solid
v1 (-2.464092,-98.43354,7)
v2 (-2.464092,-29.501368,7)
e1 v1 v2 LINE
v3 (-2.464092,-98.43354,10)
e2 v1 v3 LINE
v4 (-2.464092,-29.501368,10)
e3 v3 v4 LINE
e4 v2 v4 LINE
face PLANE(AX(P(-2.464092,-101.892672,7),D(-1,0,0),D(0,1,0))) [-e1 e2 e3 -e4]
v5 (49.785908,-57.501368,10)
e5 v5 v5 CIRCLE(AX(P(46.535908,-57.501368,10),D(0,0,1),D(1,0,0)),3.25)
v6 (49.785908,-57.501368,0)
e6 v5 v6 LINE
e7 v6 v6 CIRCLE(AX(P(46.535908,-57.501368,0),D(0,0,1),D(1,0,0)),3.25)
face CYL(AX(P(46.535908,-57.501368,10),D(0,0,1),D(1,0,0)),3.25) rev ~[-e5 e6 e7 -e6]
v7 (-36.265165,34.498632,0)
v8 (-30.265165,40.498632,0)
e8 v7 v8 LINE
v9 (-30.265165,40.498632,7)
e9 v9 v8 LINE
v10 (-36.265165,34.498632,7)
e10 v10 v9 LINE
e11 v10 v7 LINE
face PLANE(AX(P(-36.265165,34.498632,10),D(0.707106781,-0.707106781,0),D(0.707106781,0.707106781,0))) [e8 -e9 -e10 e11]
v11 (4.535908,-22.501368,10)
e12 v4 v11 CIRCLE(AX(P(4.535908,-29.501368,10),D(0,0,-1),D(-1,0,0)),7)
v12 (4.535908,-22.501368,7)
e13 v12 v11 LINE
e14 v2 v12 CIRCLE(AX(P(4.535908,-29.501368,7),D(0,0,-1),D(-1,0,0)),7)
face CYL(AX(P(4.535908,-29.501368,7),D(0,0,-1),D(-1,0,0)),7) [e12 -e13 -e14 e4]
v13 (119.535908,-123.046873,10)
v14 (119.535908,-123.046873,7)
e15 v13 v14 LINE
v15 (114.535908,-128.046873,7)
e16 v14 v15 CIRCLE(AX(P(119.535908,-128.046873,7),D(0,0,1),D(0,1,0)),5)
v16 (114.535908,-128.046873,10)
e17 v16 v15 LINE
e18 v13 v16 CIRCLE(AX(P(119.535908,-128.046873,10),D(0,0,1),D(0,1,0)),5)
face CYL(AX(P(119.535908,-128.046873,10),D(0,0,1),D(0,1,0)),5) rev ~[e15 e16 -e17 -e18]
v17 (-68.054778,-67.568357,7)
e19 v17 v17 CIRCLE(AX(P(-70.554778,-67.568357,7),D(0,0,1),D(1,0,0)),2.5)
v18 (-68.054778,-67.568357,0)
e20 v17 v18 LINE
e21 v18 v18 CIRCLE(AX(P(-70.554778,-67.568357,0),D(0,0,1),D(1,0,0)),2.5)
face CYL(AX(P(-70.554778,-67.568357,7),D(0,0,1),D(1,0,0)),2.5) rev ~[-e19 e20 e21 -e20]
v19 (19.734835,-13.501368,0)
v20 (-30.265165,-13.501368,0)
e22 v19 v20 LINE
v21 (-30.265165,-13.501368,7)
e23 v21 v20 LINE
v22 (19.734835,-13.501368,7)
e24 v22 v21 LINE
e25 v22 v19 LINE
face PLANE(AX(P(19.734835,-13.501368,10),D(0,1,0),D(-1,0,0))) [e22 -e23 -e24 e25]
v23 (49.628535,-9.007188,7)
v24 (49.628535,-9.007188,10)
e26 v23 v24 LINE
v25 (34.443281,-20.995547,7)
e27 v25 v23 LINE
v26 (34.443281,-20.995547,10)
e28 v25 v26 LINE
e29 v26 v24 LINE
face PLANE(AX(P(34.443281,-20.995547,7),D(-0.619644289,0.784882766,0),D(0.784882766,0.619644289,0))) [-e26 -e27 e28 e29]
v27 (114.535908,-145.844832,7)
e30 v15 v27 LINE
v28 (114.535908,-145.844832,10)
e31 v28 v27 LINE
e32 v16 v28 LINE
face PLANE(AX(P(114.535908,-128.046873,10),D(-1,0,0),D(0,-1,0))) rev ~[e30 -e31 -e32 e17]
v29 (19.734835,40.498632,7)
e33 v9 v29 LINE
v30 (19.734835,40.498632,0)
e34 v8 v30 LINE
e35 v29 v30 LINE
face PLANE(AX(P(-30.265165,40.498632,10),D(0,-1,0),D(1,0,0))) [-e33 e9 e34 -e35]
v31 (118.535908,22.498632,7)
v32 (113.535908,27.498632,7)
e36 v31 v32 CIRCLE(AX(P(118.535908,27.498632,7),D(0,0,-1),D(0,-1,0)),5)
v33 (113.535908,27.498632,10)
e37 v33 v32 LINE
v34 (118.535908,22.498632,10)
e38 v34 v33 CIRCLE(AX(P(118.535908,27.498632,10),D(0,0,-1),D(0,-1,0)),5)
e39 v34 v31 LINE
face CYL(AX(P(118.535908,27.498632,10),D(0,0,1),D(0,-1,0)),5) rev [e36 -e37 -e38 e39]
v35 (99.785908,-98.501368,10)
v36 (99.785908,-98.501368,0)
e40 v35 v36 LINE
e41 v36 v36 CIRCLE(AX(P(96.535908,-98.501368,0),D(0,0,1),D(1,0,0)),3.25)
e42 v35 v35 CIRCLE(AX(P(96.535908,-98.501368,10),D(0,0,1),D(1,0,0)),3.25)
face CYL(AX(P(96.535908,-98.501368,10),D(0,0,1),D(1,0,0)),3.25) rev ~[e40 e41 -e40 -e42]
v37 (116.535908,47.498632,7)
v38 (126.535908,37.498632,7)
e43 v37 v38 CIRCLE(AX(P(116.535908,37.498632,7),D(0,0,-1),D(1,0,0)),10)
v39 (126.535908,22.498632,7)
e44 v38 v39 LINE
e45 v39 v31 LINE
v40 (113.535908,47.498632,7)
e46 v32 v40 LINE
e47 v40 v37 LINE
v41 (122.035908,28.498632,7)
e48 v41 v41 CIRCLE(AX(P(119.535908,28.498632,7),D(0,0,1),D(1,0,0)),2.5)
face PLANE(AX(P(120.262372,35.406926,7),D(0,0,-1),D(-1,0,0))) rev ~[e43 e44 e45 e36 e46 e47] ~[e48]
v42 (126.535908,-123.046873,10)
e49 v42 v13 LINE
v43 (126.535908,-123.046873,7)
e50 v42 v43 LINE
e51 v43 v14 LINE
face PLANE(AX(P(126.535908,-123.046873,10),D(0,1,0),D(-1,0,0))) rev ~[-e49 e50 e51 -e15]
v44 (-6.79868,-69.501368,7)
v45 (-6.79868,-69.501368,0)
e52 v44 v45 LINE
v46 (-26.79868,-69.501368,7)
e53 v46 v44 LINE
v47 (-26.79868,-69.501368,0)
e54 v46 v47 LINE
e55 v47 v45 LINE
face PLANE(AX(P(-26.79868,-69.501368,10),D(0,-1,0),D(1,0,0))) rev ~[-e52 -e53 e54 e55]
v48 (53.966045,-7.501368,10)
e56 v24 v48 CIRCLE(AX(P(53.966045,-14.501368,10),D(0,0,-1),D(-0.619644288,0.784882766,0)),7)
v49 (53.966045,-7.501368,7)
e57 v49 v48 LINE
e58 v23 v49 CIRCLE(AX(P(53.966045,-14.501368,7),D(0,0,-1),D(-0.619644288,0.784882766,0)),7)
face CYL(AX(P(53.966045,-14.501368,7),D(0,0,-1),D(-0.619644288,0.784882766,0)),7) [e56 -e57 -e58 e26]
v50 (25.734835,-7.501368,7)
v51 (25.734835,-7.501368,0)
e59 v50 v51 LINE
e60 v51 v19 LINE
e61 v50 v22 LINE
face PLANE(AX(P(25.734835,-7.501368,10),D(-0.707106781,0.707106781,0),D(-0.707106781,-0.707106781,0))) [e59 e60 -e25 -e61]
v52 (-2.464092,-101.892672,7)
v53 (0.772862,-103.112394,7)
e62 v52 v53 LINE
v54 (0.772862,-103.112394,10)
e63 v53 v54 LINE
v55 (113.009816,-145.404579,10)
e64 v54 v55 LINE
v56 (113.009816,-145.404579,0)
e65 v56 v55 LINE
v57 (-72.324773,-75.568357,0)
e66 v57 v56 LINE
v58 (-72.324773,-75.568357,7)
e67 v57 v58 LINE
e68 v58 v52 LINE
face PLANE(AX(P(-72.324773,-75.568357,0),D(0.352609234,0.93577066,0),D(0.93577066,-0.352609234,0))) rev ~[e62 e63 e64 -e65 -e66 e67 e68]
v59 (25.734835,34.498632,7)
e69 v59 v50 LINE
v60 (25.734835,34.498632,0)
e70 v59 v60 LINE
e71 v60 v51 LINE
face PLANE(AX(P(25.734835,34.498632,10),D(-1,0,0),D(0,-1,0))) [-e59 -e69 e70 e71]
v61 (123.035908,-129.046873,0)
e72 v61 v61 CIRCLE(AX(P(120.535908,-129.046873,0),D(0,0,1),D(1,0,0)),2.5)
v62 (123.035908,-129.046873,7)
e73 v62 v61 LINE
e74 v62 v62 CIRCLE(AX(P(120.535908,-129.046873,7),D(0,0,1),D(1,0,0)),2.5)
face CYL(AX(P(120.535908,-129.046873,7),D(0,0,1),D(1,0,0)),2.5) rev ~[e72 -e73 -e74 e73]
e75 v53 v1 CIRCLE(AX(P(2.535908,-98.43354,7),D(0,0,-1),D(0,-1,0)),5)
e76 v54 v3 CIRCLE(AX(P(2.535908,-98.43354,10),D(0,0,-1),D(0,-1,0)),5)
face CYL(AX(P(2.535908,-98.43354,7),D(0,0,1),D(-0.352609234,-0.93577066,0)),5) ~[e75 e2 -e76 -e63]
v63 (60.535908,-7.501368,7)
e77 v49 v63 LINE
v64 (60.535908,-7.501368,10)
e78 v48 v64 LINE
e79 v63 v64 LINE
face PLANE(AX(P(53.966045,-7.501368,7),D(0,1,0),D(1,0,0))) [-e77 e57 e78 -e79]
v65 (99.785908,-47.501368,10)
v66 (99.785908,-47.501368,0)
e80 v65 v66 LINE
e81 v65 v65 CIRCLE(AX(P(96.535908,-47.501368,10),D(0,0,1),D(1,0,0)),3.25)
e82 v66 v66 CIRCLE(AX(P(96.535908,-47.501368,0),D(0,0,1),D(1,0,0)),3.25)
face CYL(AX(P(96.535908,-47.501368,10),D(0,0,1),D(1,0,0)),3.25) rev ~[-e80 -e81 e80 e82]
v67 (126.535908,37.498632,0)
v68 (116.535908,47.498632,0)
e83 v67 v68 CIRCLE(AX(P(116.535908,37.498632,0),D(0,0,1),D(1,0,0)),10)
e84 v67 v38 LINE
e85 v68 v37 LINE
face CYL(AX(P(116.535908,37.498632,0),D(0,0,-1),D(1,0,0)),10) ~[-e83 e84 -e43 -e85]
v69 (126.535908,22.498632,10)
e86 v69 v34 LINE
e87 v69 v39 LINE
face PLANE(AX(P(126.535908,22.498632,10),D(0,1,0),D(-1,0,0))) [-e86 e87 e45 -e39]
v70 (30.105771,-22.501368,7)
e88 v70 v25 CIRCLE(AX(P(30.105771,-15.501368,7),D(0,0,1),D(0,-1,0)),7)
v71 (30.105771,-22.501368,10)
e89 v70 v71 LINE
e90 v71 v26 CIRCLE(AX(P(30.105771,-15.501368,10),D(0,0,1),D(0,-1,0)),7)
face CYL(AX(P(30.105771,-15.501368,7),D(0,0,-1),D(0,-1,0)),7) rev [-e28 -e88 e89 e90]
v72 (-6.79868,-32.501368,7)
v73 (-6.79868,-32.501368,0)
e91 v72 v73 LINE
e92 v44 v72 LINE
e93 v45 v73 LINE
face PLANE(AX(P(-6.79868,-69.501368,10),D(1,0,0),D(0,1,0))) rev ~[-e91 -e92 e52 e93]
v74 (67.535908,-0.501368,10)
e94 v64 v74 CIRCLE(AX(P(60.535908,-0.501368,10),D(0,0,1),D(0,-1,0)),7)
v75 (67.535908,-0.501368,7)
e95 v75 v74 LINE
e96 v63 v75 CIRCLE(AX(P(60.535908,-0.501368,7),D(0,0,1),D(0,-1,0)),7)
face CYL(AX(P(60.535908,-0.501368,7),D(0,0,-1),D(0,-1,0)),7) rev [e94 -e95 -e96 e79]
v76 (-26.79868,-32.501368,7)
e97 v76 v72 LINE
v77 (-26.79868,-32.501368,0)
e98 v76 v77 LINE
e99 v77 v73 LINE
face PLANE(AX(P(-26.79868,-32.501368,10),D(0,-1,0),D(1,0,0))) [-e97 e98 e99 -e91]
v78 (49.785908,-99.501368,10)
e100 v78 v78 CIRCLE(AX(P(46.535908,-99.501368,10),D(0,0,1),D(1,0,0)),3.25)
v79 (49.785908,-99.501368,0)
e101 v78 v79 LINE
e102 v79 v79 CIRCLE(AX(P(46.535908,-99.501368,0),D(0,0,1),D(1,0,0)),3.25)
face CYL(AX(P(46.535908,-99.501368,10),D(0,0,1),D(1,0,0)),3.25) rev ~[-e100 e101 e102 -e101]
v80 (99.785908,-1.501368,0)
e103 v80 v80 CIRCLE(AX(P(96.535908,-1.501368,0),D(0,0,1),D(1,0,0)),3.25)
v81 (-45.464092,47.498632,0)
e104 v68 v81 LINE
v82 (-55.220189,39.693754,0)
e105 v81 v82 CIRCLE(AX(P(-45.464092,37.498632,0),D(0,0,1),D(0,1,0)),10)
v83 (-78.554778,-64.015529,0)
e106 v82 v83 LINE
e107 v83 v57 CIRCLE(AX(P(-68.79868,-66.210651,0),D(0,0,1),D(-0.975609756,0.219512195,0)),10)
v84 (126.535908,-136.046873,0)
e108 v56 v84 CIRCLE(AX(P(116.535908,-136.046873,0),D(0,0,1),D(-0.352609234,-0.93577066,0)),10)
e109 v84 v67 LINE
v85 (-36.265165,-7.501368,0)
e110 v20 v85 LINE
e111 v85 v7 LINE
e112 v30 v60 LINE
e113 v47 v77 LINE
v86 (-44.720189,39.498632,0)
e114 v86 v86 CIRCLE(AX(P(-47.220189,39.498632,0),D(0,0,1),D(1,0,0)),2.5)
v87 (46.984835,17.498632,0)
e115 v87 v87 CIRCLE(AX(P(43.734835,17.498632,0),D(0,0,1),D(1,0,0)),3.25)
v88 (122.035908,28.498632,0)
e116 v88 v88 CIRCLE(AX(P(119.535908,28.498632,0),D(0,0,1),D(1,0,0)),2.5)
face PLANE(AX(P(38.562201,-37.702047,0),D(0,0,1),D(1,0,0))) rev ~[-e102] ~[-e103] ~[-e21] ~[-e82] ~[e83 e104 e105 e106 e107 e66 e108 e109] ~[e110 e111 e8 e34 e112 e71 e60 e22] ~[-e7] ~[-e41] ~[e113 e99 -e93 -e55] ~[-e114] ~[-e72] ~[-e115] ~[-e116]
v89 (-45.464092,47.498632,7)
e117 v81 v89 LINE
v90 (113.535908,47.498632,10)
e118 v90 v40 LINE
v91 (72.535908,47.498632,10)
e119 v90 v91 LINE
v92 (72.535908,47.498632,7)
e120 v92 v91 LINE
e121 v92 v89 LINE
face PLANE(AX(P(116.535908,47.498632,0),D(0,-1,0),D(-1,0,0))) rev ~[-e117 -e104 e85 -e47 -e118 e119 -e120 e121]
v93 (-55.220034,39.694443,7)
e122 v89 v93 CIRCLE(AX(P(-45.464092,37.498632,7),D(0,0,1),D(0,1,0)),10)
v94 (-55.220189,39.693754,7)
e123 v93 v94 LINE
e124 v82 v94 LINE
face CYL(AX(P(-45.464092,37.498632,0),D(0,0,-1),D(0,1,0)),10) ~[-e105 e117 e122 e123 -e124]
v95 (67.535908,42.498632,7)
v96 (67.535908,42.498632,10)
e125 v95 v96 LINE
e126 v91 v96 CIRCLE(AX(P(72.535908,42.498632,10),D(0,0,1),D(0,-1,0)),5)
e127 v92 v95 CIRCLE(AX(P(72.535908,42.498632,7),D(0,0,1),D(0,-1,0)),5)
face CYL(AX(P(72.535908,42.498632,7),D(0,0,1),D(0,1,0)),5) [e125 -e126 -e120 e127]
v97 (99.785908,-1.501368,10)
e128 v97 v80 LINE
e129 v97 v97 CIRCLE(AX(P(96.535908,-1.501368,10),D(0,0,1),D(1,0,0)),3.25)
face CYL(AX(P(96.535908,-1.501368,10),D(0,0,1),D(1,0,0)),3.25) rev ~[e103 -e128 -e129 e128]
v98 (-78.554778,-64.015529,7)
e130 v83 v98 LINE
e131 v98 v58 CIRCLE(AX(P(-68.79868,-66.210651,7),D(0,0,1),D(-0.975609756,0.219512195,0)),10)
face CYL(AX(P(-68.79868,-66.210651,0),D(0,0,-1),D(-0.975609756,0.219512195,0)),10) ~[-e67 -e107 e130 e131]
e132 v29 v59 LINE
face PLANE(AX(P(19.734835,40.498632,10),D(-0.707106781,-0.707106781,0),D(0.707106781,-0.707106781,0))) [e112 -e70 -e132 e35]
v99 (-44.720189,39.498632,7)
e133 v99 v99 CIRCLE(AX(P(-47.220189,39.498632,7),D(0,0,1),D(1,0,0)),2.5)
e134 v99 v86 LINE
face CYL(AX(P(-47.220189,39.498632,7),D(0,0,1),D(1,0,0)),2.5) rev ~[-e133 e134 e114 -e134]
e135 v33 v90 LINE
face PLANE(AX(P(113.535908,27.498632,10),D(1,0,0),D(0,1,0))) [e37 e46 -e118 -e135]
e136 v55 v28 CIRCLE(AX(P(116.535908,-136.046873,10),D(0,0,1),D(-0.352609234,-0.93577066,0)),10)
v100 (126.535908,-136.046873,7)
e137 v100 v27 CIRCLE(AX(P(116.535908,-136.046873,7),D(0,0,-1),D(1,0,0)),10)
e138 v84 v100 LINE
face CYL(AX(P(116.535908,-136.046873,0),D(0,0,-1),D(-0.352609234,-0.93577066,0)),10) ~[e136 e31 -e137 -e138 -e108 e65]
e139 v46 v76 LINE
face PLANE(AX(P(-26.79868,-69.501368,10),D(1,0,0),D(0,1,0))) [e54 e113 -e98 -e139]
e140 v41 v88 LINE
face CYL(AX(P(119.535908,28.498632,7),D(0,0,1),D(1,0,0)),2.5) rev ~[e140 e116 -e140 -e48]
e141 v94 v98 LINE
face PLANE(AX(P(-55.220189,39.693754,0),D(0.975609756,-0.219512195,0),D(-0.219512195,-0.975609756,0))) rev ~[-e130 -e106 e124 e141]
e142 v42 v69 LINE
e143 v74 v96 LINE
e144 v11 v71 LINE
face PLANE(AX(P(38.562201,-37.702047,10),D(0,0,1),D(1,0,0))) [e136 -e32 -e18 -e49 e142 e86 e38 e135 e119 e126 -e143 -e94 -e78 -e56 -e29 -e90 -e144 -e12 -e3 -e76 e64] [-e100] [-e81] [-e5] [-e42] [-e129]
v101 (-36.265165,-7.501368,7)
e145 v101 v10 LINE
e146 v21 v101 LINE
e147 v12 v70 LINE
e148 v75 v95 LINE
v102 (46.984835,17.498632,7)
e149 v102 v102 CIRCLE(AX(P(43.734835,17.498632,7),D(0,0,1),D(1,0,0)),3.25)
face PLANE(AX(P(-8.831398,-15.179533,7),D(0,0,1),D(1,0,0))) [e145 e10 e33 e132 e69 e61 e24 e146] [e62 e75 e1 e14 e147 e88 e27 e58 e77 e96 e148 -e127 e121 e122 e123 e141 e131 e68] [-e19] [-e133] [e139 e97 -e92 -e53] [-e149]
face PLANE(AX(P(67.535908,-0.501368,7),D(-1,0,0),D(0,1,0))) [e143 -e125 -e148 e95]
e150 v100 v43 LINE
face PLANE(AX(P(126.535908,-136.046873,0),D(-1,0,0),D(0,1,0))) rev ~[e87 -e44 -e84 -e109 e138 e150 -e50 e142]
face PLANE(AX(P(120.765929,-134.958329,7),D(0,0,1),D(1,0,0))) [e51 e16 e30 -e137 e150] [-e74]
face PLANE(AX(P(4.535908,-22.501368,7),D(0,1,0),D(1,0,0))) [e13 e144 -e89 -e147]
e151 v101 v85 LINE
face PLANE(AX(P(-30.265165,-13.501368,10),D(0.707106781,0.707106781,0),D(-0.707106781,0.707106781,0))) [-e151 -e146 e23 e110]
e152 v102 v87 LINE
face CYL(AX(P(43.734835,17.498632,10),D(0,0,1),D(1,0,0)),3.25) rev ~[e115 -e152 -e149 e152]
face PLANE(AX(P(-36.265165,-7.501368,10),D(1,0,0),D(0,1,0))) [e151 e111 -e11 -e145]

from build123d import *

# Parameters (mm, degrees)
BOSS_EXTRUDE1_DEPTH = 10
SKETCH2_R           = 3.25
SKETCH2_W           = 20
SKETCH2_H           = 37
CUT_EXTRUDE1_DEPTH  = 10
CUT_EXTRUDE2_START  = -3
SKETCH3_W           = 20
SKETCH3_H           = 37
SKETCH3_R           = 3.25
CUT_EXTRUDE2_DEPTH  = 3
FILLET1_R           = 5
CUT_EXTRUDE3_DEPTH  = 3
SKETCH5_R           = 2.5
CUT_EXTRUDE4_DEPTH  = 7


with BuildPart() as part:
    # Sketch1 → Boss-Extrude1 (new body)
    with BuildSketch(Plane.XY):
        with BuildLine():
            Line((-72.324772809, -75.56835732), (113.0098159, -145.404579152))
            ThreePointArc((113.0098159, -145.404579152), (122.225331612, -144.27064673), (126.535908242, -136.046872553))
            Line((126.535908242, -136.046872553), (126.535908242, 37.498632429))
            ThreePointArc((126.535908242, 37.498632429), (123.606976053, 44.569700241), (116.535908242, 47.498632429))
            Line((116.535908242, 47.498632429), (-45.464091758, 47.498632429))
            ThreePointArc((-45.464091758, 47.498632429), (-51.711042234, 45.307320523), (-55.220189319, 39.69375438))
            Line((-55.220189319, 39.69375438), (-78.554778028, -64.01552877))
            ThreePointArc((-78.554778028, -64.01552877), (-77.600447564, -70.957112136), (-72.324772809, -75.56835732))
        make_face()
    extrude(amount=BOSS_EXTRUDE1_DEPTH)

    # Sketch2 → Cut-Extrude1 (cut)
    with BuildSketch(Plane.XY.offset(10)):
        with Locations((43.734834886, 17.498632429)):
            Circle(SKETCH2_R)
        with Locations((96.535908242, -1.501367571)):
            Circle(SKETCH2_R)
        with Locations((96.535908242, -47.501367571)):
            Circle(SKETCH2_R)
        with Locations((96.535908242, -98.501367571)):
            Circle(SKETCH2_R)
        with Locations((46.535908242, -57.501367571)):
            Circle(SKETCH2_R)
        with Locations((46.535908242, -99.501367571)):
            Circle(SKETCH2_R)
        with Locations((-16.798680467, -51.001367571)):
            Rectangle(SKETCH2_W, SKETCH2_H)
        Polygon((-30.265165114, 40.498632429), (19.734834886, 40.498632429), (25.734834886, 34.498632429), (25.734834886, -7.501367571), (19.734834886, -13.501367571), (-30.265165114, -13.501367571), (-36.265165114, -7.501367571), (-36.265165114, 34.498632429), align=None)
    extrude(amount=-CUT_EXTRUDE1_DEPTH, mode=Mode.SUBTRACT)

    # Sketch3 → Cut-Extrude2 (cut)
    with BuildSketch(Plane.XY.offset(10).offset(CUT_EXTRUDE2_START)):
        with BuildLine():
            Line((-72.324772809, -75.56835732), (-2.464091758, -101.892671919))
            Line((-2.464091758, -101.892671919), (-2.464091758, -29.501367571))
            ThreePointArc((-2.464091758, -29.501367571), (-0.413839227, -24.551620103), (4.535908242, -22.501367571))
            Line((4.535908242, -22.501367571), (30.105771034, -22.501367571))
            ThreePointArc((30.105771034, -22.501367571), (32.401500165, -22.114205672), (34.443281054, -20.99554693))
            Line((34.443281054, -20.99554693), (49.628535429, -9.007188212))
            ThreePointArc((49.628535429, -9.007188212), (51.670316318, -7.88852947), (53.966045449, -7.501367571))
            Line((53.966045449, -7.501367571), (60.535908242, -7.501367571))
            ThreePointArc((60.535908242, -7.501367571), (65.48565571, -5.451115039), (67.535908242, -0.501367571))
            Line((67.535908242, -0.501367571), (67.535908242, 47.498632429))
            Line((67.535908242, 47.498632429), (-45.464091733, 47.498632429))
            ThreePointArc((-45.464091733, 47.498632429), (-51.710766684, 45.307540935), (-55.220034365, 39.69444284))
            Line((-55.220034365, 39.69444284), (-55.220189319, 39.69375438))
            Line((-55.220189319, 39.69375438), (-78.554778028, -64.01552877))
            ThreePointArc((-78.554778028, -64.01552877), (-77.600447564, -70.957112136), (-72.324772809, -75.56835732))
        make_face()
        with Locations((-16.798680467, -51.001367571)):
            Rectangle(SKETCH3_W, SKETCH3_H, mode=Mode.SUBTRACT)
        Polygon((-30.265165114, -13.501367571), (-36.265165114, -7.501367571), (-36.265165114, 34.498632429), (-30.265165114, 40.498632429), (19.734834886, 40.498632429), (25.734834886, 34.498632429), (25.734834886, -7.501367571), (19.734834886, -13.501367571), align=None, mode=Mode.SUBTRACT)
        with Locations((43.734834886, 17.498632429)):
            Circle(SKETCH3_R, mode=Mode.SUBTRACT)
    extrude(amount=CUT_EXTRUDE2_DEPTH, mode=Mode.SUBTRACT)

    # Fillet1
    fillet1_edges = [part.edges().sort_by_distance(p)[0] for p in [
        (-2.464091758, -101.892671919, 8.5),
        (67.535908242, 47.498632429, 8.5),
    ]]
    fillet(fillet1_edges, radius=FILLET1_R)

    # Sketch4 → Cut-Extrude3 (cut)
    with BuildSketch(Plane.XY.offset(10)):
        with BuildLine():
            Line((126.535908242, 22.498632429), (118.535908242, 22.498632429))
            ThreePointArc((118.535908242, 22.498632429), (115.000374336, 23.963098523), (113.535908242, 27.498632429))
            Line((113.535908242, 27.498632429), (113.535908242, 47.498632429))
            Line((113.535908242, 47.498632429), (126.535908242, 47.498632429))
            Line((126.535908242, 47.498632429), (126.535908242, 22.498632429))
        make_face()
        with BuildLine():
            Line((126.535908242, -123.046872553), (119.535908242, -123.046872553))
            ThreePointArc((119.535908242, -123.046872553), (116.000374336, -124.511338647), (114.535908242, -128.046872553))
            Line((114.535908242, -128.046872553), (114.535908242, -146.046872553))
            Line((114.535908242, -146.046872553), (126.535908242, -146.046872553))
            Line((126.535908242, -146.046872553), (126.535908242, -123.046872553))
        make_face()
    extrude(amount=-CUT_EXTRUDE3_DEPTH, mode=Mode.SUBTRACT)

    # Sketch5 → Cut-Extrude4 (cut)
    with BuildSketch(Plane.XY.offset(7)):
        with Locations((120.535908242, -129.046872553)):
            Circle(SKETCH5_R)
        with Locations((119.535908242, 28.498632429)):
            Circle(SKETCH5_R)
        with Locations((-47.220189319, 39.498632429)):
            Circle(SKETCH5_R)
        with Locations((-70.554778028, -67.56835732)):
            Circle(SKETCH5_R)
    extrude(amount=-CUT_EXTRUDE4_DEPTH, mode=Mode.SUBTRACT)


solid = part.part
